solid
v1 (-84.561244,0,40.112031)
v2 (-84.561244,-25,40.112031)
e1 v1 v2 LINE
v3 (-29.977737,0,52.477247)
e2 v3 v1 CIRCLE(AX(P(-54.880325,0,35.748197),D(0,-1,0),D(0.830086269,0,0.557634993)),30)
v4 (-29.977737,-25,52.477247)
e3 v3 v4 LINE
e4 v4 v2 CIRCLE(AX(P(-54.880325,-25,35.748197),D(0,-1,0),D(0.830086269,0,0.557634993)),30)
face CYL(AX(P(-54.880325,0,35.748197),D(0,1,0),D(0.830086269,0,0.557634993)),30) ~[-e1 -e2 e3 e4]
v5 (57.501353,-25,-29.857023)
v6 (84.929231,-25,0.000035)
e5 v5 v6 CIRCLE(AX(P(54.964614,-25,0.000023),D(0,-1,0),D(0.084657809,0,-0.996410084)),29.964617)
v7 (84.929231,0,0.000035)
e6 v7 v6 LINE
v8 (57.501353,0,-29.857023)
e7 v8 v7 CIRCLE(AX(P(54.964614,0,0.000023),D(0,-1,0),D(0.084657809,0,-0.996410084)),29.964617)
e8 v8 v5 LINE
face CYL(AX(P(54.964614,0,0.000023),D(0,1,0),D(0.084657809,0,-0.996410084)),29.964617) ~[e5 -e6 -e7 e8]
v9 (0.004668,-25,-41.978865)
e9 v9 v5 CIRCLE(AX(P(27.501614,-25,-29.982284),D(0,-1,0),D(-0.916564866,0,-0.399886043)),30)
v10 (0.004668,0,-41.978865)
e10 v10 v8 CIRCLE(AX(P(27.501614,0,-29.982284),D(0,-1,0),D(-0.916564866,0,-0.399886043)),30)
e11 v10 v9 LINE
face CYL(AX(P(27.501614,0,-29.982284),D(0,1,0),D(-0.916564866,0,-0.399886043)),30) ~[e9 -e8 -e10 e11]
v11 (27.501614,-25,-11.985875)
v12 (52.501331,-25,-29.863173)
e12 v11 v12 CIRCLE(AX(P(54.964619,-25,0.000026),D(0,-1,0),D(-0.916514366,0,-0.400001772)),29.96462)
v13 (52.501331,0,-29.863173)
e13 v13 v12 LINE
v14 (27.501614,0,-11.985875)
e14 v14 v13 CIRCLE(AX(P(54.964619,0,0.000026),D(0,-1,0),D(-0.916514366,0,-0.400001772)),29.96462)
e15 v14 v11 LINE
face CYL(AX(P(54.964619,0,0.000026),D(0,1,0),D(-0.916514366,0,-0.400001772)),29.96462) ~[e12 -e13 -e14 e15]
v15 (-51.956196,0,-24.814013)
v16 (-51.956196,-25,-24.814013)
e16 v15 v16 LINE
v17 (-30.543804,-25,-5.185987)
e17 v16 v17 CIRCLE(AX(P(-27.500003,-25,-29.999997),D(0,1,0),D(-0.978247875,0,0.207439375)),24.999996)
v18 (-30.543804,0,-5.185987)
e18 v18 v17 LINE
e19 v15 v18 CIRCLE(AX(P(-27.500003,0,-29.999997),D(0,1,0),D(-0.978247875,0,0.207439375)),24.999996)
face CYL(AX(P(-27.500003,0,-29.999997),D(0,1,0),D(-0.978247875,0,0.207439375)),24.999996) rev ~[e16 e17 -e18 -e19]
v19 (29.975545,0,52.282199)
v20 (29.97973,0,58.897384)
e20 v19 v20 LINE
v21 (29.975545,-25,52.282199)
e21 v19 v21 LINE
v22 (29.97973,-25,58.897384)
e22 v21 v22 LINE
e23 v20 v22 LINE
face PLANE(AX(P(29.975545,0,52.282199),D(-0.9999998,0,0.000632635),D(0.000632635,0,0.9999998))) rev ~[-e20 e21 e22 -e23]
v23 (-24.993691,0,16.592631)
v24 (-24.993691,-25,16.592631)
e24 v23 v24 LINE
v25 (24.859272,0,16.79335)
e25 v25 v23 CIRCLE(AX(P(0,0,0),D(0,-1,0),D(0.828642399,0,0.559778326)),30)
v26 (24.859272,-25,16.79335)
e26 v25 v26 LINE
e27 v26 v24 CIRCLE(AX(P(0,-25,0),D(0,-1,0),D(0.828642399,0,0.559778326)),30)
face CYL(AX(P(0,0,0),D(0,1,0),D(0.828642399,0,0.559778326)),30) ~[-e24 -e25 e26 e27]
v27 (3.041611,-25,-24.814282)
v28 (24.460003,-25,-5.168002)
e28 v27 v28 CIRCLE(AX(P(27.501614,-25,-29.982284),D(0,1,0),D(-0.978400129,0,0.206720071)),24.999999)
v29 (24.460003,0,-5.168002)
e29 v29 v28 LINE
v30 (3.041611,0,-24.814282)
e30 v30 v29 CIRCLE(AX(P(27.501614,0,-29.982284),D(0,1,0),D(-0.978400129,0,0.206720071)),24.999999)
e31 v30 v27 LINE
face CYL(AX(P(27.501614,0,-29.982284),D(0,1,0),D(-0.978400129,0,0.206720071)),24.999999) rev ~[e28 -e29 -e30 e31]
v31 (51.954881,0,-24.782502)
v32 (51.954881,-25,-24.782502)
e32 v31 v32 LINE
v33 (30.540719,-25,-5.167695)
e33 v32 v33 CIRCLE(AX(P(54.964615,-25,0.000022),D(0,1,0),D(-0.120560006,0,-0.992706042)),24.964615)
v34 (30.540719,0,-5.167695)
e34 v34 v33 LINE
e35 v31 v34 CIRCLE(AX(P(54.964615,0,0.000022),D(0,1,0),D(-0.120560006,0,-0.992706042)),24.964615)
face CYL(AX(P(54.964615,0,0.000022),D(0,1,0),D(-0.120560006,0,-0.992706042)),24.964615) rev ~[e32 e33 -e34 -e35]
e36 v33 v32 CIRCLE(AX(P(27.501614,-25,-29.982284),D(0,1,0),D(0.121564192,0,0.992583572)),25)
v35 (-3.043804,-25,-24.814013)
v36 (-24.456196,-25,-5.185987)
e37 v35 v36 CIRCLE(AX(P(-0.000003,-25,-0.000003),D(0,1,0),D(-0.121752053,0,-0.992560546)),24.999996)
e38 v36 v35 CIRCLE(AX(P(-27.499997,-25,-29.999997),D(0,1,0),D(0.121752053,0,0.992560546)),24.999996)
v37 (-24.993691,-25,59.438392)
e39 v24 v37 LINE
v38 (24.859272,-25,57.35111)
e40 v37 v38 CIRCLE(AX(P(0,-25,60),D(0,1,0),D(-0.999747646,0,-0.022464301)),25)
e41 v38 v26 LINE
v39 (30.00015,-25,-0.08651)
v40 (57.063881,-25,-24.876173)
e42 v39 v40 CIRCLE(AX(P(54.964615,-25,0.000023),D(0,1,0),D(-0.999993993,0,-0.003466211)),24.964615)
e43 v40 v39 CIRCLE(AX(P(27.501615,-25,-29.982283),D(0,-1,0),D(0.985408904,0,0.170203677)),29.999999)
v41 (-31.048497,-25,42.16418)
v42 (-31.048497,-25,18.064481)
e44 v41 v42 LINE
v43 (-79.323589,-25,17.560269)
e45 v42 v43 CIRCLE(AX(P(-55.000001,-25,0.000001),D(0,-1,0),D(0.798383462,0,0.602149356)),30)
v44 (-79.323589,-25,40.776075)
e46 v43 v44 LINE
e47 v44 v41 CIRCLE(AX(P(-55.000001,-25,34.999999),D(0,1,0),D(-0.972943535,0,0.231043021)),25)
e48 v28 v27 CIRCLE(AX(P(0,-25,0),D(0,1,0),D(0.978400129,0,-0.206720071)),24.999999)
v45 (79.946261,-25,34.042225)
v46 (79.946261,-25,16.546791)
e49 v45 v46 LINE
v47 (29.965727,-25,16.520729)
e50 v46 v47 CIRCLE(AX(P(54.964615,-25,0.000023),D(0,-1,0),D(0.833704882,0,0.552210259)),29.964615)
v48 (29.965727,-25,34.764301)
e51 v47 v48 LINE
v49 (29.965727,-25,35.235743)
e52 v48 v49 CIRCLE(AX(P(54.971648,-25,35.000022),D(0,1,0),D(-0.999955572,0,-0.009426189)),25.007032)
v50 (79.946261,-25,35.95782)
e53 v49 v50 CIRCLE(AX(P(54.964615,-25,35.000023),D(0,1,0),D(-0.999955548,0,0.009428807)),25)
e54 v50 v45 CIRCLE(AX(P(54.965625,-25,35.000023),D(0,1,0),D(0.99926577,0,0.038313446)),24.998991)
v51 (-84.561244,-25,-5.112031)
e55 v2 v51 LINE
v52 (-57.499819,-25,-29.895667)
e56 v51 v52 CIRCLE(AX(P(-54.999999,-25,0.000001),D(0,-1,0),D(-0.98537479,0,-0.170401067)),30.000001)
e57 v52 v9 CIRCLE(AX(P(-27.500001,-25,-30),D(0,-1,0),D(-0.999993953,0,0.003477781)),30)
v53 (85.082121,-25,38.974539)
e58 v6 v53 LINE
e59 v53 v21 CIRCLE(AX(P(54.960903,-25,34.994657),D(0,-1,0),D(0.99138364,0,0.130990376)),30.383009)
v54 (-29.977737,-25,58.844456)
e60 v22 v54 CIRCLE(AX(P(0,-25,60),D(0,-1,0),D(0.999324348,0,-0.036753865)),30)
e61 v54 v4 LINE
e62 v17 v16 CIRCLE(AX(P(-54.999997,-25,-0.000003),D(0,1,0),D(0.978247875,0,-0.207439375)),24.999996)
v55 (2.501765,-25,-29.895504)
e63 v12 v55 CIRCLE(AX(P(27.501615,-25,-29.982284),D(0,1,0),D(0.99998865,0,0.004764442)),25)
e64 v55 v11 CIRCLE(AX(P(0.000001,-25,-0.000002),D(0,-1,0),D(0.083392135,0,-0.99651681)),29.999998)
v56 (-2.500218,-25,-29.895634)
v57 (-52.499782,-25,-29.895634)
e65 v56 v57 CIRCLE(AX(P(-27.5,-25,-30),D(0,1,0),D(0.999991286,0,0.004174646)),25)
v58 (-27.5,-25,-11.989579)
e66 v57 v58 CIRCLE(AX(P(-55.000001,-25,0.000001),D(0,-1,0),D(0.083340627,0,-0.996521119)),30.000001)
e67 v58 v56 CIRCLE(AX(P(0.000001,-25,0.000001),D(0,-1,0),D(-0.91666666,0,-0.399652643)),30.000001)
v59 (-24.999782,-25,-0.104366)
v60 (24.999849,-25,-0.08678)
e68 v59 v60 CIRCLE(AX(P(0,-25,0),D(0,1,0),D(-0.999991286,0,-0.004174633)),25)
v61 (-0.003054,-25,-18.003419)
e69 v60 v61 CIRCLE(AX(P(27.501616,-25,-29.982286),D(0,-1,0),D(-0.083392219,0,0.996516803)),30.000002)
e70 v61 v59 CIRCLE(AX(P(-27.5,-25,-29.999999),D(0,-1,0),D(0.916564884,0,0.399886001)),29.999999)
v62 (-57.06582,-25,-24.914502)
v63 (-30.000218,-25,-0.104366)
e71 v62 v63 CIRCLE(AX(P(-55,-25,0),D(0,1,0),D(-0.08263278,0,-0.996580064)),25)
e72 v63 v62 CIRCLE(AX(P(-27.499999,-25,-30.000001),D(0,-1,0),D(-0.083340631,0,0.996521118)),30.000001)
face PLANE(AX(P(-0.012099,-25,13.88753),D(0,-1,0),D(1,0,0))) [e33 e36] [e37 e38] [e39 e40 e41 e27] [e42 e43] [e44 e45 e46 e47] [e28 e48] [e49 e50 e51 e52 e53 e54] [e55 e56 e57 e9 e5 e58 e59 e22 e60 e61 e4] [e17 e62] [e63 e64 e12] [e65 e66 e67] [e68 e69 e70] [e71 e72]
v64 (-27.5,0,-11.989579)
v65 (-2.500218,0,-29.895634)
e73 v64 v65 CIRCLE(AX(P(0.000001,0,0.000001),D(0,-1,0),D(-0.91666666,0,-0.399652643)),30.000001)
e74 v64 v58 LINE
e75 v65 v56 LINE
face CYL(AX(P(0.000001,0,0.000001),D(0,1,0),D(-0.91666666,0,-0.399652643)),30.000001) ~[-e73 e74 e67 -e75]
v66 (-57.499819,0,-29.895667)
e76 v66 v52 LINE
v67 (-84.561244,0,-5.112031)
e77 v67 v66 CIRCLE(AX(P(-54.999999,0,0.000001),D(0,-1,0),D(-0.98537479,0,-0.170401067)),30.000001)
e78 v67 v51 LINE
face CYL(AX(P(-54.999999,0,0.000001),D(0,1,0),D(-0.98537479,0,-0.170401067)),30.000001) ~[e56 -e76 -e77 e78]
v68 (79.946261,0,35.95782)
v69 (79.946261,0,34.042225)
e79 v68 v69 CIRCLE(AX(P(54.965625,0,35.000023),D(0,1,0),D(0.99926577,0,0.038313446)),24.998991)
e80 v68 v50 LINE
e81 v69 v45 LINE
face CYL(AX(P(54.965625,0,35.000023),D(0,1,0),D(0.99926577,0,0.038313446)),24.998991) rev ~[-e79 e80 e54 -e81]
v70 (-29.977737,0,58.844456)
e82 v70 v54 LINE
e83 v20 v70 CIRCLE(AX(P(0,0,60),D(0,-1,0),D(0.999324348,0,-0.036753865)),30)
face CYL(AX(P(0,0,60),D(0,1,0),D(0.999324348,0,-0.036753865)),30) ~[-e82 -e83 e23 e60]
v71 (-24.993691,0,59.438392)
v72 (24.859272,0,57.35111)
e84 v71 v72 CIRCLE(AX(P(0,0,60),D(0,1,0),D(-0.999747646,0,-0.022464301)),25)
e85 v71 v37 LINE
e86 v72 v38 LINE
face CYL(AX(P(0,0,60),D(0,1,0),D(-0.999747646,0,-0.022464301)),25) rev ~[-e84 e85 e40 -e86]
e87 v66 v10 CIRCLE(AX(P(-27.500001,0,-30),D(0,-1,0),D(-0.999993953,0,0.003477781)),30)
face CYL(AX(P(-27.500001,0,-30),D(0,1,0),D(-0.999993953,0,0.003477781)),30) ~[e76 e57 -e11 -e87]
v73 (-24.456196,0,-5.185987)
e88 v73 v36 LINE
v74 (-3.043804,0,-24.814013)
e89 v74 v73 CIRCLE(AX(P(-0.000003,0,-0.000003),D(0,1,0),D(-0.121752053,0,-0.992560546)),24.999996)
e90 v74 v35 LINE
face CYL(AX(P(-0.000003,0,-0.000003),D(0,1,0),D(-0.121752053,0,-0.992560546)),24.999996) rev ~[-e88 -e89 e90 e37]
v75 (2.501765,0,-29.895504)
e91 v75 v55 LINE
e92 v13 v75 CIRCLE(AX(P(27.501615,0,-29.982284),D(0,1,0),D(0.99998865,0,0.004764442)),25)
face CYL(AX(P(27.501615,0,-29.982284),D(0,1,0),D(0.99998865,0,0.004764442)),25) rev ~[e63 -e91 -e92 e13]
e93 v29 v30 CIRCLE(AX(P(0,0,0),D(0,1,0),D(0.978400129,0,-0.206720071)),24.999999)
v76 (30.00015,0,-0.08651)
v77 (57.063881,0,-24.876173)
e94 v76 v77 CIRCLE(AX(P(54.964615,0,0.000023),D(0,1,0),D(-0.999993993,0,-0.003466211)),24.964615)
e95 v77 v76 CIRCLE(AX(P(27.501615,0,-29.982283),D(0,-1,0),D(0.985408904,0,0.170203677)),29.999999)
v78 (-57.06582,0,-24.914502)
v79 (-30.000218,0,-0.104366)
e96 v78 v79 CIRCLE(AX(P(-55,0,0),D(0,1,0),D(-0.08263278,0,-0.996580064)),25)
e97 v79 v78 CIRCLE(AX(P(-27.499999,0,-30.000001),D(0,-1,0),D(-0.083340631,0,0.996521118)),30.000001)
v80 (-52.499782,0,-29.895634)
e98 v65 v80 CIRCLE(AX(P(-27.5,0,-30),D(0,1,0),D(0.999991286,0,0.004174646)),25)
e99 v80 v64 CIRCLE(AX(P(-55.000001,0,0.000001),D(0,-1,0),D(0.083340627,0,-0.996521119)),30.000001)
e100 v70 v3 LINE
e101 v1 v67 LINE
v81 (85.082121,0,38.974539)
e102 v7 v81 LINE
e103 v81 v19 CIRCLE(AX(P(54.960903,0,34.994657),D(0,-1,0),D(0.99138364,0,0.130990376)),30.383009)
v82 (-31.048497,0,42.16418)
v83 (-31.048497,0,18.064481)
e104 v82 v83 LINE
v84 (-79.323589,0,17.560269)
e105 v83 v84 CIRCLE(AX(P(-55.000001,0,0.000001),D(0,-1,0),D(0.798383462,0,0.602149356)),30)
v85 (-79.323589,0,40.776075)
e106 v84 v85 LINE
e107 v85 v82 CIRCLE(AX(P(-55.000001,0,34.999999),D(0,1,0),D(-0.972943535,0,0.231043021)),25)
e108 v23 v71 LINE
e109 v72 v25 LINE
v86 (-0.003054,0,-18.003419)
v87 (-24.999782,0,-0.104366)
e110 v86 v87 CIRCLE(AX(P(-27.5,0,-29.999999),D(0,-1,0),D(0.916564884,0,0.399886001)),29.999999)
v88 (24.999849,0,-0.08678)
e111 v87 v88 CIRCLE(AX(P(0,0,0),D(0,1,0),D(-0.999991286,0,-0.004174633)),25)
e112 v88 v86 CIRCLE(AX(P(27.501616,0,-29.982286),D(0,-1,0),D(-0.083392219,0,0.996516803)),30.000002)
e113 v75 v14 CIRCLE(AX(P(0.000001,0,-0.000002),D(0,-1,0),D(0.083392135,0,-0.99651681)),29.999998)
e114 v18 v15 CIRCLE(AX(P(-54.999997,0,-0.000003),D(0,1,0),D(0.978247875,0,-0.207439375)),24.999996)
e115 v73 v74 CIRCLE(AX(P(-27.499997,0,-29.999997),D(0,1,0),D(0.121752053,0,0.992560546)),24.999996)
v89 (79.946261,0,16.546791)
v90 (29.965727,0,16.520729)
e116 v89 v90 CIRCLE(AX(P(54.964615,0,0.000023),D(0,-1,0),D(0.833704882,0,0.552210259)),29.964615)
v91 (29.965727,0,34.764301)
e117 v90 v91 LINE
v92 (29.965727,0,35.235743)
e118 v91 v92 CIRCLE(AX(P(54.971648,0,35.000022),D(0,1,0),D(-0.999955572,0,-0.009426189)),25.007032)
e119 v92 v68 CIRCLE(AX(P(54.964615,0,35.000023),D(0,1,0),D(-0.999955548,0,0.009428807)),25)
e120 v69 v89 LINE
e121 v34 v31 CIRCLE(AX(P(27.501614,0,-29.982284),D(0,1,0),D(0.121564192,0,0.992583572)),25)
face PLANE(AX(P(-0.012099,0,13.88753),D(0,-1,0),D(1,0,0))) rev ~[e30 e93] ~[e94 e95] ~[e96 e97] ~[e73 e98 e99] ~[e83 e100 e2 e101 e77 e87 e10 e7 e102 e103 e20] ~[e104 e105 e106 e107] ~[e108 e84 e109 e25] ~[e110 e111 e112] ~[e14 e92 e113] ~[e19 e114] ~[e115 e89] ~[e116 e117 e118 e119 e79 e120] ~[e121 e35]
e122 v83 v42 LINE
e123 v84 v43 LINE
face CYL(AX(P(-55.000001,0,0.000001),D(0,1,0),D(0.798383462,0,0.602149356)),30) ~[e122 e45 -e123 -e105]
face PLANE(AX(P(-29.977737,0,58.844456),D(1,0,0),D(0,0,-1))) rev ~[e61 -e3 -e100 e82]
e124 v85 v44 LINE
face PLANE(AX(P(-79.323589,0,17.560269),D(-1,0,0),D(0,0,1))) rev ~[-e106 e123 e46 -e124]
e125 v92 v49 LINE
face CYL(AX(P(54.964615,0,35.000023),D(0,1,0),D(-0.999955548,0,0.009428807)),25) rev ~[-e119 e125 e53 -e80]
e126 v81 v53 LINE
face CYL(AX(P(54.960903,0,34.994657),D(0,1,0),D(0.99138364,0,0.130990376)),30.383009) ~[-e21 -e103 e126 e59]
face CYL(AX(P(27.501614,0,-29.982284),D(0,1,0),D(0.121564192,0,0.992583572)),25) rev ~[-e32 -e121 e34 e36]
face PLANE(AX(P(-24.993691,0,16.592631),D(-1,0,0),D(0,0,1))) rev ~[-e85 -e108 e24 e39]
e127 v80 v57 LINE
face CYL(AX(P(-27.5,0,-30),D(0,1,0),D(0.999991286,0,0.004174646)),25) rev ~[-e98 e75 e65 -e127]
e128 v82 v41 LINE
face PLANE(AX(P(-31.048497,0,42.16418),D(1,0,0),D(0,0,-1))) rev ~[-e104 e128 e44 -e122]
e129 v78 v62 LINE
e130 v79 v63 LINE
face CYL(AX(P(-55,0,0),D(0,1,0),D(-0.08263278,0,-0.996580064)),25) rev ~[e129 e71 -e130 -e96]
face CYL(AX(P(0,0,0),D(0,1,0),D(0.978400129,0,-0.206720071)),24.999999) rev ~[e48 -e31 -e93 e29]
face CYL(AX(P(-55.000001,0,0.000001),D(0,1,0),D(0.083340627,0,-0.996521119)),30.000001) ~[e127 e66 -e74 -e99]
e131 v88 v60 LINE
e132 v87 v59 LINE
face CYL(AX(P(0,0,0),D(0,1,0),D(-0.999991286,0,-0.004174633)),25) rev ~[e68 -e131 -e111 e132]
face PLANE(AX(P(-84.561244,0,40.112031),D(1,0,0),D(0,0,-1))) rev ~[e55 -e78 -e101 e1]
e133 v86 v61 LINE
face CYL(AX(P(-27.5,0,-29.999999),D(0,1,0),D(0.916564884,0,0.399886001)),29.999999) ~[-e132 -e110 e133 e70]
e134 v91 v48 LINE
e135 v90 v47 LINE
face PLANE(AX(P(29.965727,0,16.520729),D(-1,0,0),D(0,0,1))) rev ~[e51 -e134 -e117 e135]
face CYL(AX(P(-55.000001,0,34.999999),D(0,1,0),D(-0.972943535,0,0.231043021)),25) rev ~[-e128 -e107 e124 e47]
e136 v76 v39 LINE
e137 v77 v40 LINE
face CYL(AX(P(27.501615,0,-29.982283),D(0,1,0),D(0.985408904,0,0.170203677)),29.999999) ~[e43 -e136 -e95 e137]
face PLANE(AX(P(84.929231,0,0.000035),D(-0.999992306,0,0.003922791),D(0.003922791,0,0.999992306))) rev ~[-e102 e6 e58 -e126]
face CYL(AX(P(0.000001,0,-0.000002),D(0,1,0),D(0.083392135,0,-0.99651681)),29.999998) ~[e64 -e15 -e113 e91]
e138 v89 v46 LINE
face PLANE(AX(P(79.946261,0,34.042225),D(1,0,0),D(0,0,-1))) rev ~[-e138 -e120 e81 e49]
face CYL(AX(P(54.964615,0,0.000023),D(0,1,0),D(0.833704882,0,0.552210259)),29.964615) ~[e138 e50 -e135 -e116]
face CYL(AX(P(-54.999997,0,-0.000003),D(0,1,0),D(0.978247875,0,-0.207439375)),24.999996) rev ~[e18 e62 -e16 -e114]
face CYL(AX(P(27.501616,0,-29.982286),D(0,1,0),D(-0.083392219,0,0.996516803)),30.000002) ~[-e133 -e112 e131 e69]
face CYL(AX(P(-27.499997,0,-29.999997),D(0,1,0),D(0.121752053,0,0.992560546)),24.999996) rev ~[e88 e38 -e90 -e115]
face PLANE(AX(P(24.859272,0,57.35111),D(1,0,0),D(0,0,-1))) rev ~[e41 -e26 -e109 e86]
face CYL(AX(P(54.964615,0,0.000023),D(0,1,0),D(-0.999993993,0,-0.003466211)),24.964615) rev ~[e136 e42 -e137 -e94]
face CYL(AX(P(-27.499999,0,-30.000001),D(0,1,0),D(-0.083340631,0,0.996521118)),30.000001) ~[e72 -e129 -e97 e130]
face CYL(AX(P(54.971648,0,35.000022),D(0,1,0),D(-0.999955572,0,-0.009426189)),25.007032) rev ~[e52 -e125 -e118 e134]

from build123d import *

# Parameters (mm, degrees)
F1_DEPTH = 25


with BuildPart() as f1:
    # F0 (on Front) → F1 (new body)
    with BuildSketch(Plane.XZ):
        with BuildLine():
            ThreePointArc((-29.977737, 52.477247), (-61.508504, 65.006824), (-84.561244, 40.112031))
            Line((-84.561244, 40.112031), (-84.561244, -5.112031))
            ThreePointArc((-84.561244, -5.112031), (-75.261665, -22.123854), (-57.499819, -29.895667))
            ThreePointArc((-57.499819, -29.895667), (-33.669065, -59.35886), (0.004668, -41.978865))
            ThreePointArc((0.004668, -41.978865), (33.690375, -59.336998), (57.501353, -29.857023))
            ThreePointArc((57.501353, -29.857023), (77.031456, -20.271453), (84.929231, 3.5e-05))
            Line((84.929231, 3.5e-05), (85.082121, 38.974539))
            ThreePointArc((85.082121, 38.974539), (62.093064, 64.528697), (29.975545, 52.282199))
            Line((29.975545, 52.282199), (29.97973, 58.897384))
            ThreePointArc((29.97973, 58.897384), (-0.026483, 89.999988), (-29.977737, 58.844456))
            Line((-29.977737, 58.844456), (-29.977737, 52.477247))
        make_face()
        with BuildLine():
            ThreePointArc((-52.499782, -29.895634), (-37.531172, -24.389343), (-27.5, -11.989579))
            ThreePointArc((-27.5, -11.989579), (-17.468828, -24.389343), (-2.500218, -29.895634))
            ThreePointArc((-2.500218, -29.895634), (-27.5, -55), (-52.499782, -29.895634))
        make_face(mode=Mode.SUBTRACT)
        with BuildLine():
            ThreePointArc((-57.06582, -24.914502), (-71.893116, 18.428854), (-30.000218, -0.104366))
            ThreePointArc((-30.000218, -0.104366), (-47.771739, -7.885376), (-57.06582, -24.914502))
        make_face(mode=Mode.SUBTRACT)
        with BuildLine():
            ThreePointArc((-51.956196, -24.814013), (-44.393116, -11.571146), (-30.543804, -5.185987))
            ThreePointArc((-30.543804, -5.185987), (-38.106884, -18.428854), (-51.956196, -24.814013))
        make_face(mode=Mode.SUBTRACT)
        with BuildLine():
            ThreePointArc((-3.043804, -24.814013), (-16.893116, -18.428854), (-24.456196, -5.185987))
            ThreePointArc((-24.456196, -5.185987), (-10.606884, -11.571146), (-3.043804, -24.814013))
        make_face(mode=Mode.SUBTRACT)
        with BuildLine():
            ThreePointArc((-24.999782, -0.104366), (-0.008793, 24.999998), (24.999849, -0.08678))
            ThreePointArc((24.999849, -0.08678), (10.027405, -5.596797), (-0.003054, -18.003419))
            ThreePointArc((-0.003054, -18.003419), (-10.034277, -5.608433), (-24.999782, -0.104366))
        make_face(mode=Mode.SUBTRACT)
        with BuildLine():
            ThreePointArc((2.501765, -29.895504), (17.471102, -24.387714), (27.501614, -11.985875))
            ThreePointArc((27.501614, -11.985875), (37.534897, -24.373797), (52.501331, -29.863173))
            ThreePointArc((52.501331, -29.863173), (27.51778, -54.982279), (2.501765, -29.895504))
        make_face(mode=Mode.SUBTRACT)
        with BuildLine():
            ThreePointArc((3.041611, -24.814282), (10.602538, -11.558896), (24.460003, -5.168002))
            ThreePointArc((24.460003, -5.168002), (16.899076, -18.423388), (3.041611, -24.814282))
        make_face(mode=Mode.SUBTRACT)
        with BuildLine():
            ThreePointArc((51.954881, -24.782502), (38.102344, -18.409101), (30.540719, -5.167695))
            ThreePointArc((30.540719, -5.167695), (44.387786, -11.547068), (51.954881, -24.782502))
        make_face(mode=Mode.SUBTRACT)
        with BuildLine():
            ThreePointArc((30.00015, -0.08651), (71.826887, 18.409146), (57.063881, -24.876173))
            ThreePointArc((57.063881, -24.876173), (47.76502, -7.860024), (30.00015, -0.08651))
        make_face(mode=Mode.SUBTRACT)
        with BuildLine():
            Line((-31.048497, 42.16418), (-31.048497, 18.064481))
            ThreePointArc((-31.048497, 18.064481), (-55.31332, 29.998364), (-79.323589, 17.560269))
            Line((-79.323589, 17.560269), (-79.323589, 40.776075))
            ThreePointArc((-79.323589, 40.776075), (-55.718555, 59.989671), (-31.048497, 42.16418))
        make_face(mode=Mode.SUBTRACT)
        with BuildLine():
            Line((24.859272, 57.35111), (24.859272, 16.79335))
            ThreePointArc((24.859272, 16.79335), (-0.120786, 29.999757), (-24.993691, 16.592631))
            Line((-24.993691, 16.592631), (-24.993691, 59.438392))
            ThreePointArc((-24.993691, 59.438392), (1.045803, 84.978116), (24.859272, 57.35111))
        make_face(mode=Mode.SUBTRACT)
        with BuildLine():
            ThreePointArc((29.965727, 34.764301), (29.964616, 35.000022), (29.965727, 35.235743))
            ThreePointArc((29.965727, 35.235743), (54.603474, 59.997414), (79.946261, 35.95782))
            ThreePointArc((79.946261, 35.95782), (79.964616, 35.000022), (79.946261, 34.042225))
            Line((79.946261, 34.042225), (79.946261, 16.546791))
            ThreePointArc((79.946261, 16.546791), (54.948991, 29.964634), (29.965727, 16.520729))
            Line((29.965727, 16.520729), (29.965727, 34.764301))
        make_face(mode=Mode.SUBTRACT)
    extrude(amount=F1_DEPTH)


solid = f1.part
